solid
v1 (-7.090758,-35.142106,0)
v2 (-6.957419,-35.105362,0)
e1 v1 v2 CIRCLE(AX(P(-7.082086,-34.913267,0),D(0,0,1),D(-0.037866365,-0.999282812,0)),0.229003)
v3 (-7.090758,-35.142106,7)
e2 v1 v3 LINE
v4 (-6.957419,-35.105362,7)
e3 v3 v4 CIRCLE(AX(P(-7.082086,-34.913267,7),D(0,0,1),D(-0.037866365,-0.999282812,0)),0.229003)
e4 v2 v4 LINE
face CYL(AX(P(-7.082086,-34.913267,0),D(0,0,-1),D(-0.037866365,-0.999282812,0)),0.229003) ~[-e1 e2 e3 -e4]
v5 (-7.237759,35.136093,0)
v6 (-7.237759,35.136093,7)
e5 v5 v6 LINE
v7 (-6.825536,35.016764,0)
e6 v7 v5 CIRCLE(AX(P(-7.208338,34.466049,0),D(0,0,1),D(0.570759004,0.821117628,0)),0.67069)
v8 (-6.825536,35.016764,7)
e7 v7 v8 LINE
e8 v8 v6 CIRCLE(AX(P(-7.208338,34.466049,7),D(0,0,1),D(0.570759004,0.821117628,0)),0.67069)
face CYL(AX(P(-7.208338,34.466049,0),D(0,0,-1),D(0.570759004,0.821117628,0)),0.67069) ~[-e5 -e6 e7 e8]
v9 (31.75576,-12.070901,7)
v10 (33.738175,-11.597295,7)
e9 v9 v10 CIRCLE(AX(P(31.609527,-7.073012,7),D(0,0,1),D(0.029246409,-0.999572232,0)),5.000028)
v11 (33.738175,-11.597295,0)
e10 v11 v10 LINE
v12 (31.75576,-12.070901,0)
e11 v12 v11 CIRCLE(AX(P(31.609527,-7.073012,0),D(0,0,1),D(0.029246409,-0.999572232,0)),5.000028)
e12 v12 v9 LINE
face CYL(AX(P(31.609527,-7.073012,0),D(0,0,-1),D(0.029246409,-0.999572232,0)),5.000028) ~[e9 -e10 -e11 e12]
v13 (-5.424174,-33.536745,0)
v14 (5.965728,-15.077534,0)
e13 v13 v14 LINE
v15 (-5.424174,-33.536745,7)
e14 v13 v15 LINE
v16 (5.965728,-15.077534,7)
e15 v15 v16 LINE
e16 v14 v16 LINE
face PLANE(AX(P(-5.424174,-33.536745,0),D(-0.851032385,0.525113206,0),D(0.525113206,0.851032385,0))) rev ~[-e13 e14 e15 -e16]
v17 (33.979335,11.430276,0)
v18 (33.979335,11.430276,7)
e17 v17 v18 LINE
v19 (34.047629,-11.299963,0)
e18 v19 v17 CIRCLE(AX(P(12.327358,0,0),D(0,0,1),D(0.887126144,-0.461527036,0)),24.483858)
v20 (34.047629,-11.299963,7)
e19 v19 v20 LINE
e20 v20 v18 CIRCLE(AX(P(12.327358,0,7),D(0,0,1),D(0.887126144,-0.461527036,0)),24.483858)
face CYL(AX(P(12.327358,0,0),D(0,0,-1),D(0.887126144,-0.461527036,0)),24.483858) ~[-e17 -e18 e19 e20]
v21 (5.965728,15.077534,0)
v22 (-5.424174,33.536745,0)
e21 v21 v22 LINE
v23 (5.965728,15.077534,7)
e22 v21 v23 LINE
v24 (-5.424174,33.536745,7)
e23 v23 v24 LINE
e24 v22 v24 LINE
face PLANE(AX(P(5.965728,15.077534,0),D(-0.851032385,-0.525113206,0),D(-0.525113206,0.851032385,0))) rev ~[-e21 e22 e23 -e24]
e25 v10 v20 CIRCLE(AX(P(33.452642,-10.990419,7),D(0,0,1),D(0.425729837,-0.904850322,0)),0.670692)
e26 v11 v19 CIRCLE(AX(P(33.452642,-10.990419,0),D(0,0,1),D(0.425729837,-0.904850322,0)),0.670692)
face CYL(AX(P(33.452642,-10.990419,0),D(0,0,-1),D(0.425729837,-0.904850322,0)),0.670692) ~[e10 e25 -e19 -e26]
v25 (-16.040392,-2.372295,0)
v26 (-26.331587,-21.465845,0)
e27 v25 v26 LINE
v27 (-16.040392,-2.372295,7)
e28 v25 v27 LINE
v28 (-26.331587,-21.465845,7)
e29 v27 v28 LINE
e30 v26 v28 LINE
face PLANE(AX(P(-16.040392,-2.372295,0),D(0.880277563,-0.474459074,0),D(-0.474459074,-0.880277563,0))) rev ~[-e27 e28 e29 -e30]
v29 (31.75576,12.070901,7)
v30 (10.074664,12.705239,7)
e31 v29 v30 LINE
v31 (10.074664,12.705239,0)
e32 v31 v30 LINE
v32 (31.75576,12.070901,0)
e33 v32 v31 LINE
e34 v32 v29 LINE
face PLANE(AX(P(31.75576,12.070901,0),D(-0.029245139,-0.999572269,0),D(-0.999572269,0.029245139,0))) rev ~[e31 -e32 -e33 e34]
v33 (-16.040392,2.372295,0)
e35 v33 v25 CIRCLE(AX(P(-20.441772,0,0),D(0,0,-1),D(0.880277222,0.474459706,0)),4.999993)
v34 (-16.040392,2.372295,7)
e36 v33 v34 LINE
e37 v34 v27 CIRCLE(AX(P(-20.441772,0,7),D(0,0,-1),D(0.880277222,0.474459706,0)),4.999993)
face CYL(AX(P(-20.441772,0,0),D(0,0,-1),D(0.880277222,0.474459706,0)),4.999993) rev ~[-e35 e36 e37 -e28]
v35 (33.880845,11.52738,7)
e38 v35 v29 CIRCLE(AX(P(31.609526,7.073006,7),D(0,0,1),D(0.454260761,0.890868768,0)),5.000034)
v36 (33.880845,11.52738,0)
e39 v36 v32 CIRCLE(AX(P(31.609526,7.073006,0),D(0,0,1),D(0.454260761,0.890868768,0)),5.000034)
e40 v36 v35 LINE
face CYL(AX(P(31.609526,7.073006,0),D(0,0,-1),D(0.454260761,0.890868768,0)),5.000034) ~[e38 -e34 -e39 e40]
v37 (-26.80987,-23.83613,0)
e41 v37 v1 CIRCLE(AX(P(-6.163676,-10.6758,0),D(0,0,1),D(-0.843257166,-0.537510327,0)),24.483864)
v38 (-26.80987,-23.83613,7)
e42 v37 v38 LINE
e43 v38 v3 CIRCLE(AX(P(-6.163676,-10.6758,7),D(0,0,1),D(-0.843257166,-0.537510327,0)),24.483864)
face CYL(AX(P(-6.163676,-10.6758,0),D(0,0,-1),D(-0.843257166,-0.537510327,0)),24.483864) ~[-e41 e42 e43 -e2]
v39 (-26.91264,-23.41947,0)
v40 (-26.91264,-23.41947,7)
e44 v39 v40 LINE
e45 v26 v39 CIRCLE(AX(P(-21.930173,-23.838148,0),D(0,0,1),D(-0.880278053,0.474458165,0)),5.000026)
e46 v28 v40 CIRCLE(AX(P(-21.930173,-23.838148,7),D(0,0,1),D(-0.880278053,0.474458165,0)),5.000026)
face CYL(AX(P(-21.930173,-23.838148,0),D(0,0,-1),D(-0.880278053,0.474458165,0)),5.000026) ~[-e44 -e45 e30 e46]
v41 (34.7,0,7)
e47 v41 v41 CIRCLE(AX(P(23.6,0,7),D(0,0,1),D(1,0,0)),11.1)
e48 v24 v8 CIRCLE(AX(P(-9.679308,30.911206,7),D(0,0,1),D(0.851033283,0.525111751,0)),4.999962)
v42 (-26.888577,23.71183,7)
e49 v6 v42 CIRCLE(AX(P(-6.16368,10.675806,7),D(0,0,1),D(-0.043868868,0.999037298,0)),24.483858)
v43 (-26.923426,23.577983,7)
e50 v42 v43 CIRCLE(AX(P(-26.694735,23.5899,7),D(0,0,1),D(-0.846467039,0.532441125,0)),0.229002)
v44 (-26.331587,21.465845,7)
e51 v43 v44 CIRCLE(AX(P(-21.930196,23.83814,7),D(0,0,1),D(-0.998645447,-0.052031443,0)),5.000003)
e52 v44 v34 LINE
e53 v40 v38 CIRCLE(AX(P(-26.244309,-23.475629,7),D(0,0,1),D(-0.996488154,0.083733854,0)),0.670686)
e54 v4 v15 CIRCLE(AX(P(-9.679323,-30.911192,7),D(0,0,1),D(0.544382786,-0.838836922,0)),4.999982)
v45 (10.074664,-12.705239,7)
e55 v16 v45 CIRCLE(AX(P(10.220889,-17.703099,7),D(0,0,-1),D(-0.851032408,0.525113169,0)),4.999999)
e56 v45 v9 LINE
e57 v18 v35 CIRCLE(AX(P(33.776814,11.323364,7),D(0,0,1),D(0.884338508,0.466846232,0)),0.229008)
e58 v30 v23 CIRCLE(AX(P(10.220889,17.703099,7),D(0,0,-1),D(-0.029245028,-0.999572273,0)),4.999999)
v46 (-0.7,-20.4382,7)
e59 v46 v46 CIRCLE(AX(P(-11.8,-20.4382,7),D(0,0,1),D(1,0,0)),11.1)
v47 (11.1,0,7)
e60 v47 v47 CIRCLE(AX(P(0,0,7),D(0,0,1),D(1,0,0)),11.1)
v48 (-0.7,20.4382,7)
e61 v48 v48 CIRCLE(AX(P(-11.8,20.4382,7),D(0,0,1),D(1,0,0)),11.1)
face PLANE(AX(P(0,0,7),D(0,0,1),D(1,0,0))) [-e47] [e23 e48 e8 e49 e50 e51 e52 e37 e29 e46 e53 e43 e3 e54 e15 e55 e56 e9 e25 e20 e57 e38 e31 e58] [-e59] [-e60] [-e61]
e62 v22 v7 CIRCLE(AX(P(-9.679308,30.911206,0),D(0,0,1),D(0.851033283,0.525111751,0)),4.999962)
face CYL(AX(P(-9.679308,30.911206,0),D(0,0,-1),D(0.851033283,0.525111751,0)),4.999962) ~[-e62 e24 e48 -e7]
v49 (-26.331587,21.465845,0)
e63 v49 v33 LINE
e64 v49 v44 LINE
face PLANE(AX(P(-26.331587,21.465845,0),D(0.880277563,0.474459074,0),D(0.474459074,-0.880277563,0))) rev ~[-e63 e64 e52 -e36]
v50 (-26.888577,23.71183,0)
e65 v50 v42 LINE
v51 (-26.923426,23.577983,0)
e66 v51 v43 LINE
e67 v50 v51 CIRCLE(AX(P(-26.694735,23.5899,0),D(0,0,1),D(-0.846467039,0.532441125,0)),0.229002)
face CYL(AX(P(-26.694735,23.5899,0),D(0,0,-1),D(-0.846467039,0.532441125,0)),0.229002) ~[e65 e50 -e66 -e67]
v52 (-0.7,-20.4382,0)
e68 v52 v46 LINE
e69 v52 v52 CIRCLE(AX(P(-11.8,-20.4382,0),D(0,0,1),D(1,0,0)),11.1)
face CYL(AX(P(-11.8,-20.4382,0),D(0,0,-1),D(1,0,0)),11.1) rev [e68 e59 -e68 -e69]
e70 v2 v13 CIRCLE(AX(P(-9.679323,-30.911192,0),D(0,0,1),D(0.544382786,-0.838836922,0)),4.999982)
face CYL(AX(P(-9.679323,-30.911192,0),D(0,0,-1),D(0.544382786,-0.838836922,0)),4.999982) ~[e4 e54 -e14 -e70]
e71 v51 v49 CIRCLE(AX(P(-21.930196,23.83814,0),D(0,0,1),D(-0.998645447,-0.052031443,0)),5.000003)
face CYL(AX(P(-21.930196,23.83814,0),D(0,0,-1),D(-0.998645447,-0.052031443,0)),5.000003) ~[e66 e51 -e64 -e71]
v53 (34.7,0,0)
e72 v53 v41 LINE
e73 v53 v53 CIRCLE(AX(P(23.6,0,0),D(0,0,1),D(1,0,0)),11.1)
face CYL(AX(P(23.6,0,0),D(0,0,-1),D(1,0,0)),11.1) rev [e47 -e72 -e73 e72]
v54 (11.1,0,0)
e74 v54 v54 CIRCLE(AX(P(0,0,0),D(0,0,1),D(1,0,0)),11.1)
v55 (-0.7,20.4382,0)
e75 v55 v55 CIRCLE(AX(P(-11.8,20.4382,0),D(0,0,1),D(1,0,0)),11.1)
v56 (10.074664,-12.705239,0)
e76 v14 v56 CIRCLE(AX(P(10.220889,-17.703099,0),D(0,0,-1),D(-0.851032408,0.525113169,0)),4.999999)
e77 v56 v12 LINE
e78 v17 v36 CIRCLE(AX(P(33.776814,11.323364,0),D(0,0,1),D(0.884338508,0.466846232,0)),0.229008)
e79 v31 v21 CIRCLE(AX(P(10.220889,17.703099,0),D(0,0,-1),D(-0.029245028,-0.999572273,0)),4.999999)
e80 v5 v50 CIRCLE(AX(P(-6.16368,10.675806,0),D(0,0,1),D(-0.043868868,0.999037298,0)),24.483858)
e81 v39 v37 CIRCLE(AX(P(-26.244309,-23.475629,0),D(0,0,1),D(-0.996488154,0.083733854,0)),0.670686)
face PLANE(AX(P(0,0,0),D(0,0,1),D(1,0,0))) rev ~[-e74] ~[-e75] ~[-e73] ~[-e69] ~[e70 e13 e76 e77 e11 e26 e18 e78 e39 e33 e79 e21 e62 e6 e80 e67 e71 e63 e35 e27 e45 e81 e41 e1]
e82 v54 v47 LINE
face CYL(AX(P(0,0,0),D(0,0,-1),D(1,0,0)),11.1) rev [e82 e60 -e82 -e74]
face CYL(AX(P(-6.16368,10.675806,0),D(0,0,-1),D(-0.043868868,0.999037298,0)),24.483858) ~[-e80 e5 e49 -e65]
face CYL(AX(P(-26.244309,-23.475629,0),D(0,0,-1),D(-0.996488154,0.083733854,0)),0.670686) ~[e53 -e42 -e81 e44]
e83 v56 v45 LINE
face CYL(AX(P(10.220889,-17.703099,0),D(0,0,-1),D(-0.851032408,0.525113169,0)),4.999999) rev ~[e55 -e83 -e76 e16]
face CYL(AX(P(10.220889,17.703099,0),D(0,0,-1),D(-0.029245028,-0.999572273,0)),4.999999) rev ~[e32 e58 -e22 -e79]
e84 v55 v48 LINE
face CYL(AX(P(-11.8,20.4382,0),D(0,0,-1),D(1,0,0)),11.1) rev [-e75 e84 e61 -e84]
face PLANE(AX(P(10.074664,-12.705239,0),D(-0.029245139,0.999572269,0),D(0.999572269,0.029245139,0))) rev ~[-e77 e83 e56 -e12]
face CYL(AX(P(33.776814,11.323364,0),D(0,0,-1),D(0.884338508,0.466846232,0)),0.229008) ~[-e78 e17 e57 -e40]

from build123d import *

# Parameters (mm, degrees)
F0_R     = 11.1
F1_DEPTH = 7


with BuildPart() as f1:
    # F0 (on Top) → F1 (new body)
    with BuildSketch(Plane.XY):
        with BuildLine():
            Line((10.074664, -12.705239), (31.75576, -12.070901))
            ThreePointArc((31.75576, -12.070901), (32.771356, -11.936183), (33.738175, -11.597295))
            ThreePointArc((33.738175, -11.597295), (33.917325, -11.474048), (34.047629, -11.299963))
            ThreePointArc((34.047629, -11.299963), (36.811106, 0.073562), (33.979335, 11.430276))
            ThreePointArc((33.979335, 11.430276), (33.937596, 11.486441), (33.880845, 11.52738))
            ThreePointArc((33.880845, 11.52738), (32.848475, 11.91711), (31.75576, 12.070901))
            Line((31.75576, 12.070901), (10.074664, 12.705239))
            ThreePointArc((10.074664, 12.705239), (7.72089, 13.372973), (5.965728, 15.077534))
            Line((5.965728, 15.077534), (-5.424174, 33.536745))
            ThreePointArc((-5.424174, 33.536745), (-6.04864, 34.348919), (-6.825536, 35.016764))
            ThreePointArc((-6.825536, 35.016764), (-7.021846, 35.110289), (-7.237759, 35.136093))
            ThreePointArc((-7.237759, 35.136093), (-18.46926, 31.842572), (-26.888577, 23.71183))
            ThreePointArc((-26.888577, 23.71183), (-26.916348, 23.6476), (-26.923426, 23.577983))
            ThreePointArc((-26.923426, 23.577983), (-26.744758, 22.489059), (-26.331587, 21.465845))
            Line((-26.331587, 21.465845), (-16.040392, 2.372295))
            ThreePointArc((-16.040392, 2.372295), (-15.441779, 0), (-16.040392, -2.372295))
            Line((-16.040392, -2.372295), (-26.331587, -21.465845))
            ThreePointArc((-26.331587, -21.465845), (-26.722716, -22.412736), (-26.91264, -23.41947))
            ThreePointArc((-26.91264, -23.41947), (-26.89548, -23.636242), (-26.80987, -23.83613))
            ThreePointArc((-26.80987, -23.83613), (-18.341846, -31.916134), (-7.090758, -35.142106))
            ThreePointArc((-7.090758, -35.142106), (-7.021248, -35.134041), (-6.957419, -35.105362))
            ThreePointArc((-6.957419, -35.105362), (-6.103717, -34.406169), (-5.424174, -33.536745))
            Line((-5.424174, -33.536745), (5.965728, -15.077534))
            ThreePointArc((5.965728, -15.077534), (7.72089, -13.372973), (10.074664, -12.705239))
        make_face()
        with Locations((-11.8, -20.4382)):
            Circle(F0_R, mode=Mode.SUBTRACT)
        Circle(F0_R, mode=Mode.SUBTRACT)
        with Locations((-11.8, 20.4382)):
            Circle(F0_R, mode=Mode.SUBTRACT)
        with Locations((23.6, 0)):
            Circle(F0_R, mode=Mode.SUBTRACT)
    extrude(amount=F1_DEPTH)


solid = f1.part
